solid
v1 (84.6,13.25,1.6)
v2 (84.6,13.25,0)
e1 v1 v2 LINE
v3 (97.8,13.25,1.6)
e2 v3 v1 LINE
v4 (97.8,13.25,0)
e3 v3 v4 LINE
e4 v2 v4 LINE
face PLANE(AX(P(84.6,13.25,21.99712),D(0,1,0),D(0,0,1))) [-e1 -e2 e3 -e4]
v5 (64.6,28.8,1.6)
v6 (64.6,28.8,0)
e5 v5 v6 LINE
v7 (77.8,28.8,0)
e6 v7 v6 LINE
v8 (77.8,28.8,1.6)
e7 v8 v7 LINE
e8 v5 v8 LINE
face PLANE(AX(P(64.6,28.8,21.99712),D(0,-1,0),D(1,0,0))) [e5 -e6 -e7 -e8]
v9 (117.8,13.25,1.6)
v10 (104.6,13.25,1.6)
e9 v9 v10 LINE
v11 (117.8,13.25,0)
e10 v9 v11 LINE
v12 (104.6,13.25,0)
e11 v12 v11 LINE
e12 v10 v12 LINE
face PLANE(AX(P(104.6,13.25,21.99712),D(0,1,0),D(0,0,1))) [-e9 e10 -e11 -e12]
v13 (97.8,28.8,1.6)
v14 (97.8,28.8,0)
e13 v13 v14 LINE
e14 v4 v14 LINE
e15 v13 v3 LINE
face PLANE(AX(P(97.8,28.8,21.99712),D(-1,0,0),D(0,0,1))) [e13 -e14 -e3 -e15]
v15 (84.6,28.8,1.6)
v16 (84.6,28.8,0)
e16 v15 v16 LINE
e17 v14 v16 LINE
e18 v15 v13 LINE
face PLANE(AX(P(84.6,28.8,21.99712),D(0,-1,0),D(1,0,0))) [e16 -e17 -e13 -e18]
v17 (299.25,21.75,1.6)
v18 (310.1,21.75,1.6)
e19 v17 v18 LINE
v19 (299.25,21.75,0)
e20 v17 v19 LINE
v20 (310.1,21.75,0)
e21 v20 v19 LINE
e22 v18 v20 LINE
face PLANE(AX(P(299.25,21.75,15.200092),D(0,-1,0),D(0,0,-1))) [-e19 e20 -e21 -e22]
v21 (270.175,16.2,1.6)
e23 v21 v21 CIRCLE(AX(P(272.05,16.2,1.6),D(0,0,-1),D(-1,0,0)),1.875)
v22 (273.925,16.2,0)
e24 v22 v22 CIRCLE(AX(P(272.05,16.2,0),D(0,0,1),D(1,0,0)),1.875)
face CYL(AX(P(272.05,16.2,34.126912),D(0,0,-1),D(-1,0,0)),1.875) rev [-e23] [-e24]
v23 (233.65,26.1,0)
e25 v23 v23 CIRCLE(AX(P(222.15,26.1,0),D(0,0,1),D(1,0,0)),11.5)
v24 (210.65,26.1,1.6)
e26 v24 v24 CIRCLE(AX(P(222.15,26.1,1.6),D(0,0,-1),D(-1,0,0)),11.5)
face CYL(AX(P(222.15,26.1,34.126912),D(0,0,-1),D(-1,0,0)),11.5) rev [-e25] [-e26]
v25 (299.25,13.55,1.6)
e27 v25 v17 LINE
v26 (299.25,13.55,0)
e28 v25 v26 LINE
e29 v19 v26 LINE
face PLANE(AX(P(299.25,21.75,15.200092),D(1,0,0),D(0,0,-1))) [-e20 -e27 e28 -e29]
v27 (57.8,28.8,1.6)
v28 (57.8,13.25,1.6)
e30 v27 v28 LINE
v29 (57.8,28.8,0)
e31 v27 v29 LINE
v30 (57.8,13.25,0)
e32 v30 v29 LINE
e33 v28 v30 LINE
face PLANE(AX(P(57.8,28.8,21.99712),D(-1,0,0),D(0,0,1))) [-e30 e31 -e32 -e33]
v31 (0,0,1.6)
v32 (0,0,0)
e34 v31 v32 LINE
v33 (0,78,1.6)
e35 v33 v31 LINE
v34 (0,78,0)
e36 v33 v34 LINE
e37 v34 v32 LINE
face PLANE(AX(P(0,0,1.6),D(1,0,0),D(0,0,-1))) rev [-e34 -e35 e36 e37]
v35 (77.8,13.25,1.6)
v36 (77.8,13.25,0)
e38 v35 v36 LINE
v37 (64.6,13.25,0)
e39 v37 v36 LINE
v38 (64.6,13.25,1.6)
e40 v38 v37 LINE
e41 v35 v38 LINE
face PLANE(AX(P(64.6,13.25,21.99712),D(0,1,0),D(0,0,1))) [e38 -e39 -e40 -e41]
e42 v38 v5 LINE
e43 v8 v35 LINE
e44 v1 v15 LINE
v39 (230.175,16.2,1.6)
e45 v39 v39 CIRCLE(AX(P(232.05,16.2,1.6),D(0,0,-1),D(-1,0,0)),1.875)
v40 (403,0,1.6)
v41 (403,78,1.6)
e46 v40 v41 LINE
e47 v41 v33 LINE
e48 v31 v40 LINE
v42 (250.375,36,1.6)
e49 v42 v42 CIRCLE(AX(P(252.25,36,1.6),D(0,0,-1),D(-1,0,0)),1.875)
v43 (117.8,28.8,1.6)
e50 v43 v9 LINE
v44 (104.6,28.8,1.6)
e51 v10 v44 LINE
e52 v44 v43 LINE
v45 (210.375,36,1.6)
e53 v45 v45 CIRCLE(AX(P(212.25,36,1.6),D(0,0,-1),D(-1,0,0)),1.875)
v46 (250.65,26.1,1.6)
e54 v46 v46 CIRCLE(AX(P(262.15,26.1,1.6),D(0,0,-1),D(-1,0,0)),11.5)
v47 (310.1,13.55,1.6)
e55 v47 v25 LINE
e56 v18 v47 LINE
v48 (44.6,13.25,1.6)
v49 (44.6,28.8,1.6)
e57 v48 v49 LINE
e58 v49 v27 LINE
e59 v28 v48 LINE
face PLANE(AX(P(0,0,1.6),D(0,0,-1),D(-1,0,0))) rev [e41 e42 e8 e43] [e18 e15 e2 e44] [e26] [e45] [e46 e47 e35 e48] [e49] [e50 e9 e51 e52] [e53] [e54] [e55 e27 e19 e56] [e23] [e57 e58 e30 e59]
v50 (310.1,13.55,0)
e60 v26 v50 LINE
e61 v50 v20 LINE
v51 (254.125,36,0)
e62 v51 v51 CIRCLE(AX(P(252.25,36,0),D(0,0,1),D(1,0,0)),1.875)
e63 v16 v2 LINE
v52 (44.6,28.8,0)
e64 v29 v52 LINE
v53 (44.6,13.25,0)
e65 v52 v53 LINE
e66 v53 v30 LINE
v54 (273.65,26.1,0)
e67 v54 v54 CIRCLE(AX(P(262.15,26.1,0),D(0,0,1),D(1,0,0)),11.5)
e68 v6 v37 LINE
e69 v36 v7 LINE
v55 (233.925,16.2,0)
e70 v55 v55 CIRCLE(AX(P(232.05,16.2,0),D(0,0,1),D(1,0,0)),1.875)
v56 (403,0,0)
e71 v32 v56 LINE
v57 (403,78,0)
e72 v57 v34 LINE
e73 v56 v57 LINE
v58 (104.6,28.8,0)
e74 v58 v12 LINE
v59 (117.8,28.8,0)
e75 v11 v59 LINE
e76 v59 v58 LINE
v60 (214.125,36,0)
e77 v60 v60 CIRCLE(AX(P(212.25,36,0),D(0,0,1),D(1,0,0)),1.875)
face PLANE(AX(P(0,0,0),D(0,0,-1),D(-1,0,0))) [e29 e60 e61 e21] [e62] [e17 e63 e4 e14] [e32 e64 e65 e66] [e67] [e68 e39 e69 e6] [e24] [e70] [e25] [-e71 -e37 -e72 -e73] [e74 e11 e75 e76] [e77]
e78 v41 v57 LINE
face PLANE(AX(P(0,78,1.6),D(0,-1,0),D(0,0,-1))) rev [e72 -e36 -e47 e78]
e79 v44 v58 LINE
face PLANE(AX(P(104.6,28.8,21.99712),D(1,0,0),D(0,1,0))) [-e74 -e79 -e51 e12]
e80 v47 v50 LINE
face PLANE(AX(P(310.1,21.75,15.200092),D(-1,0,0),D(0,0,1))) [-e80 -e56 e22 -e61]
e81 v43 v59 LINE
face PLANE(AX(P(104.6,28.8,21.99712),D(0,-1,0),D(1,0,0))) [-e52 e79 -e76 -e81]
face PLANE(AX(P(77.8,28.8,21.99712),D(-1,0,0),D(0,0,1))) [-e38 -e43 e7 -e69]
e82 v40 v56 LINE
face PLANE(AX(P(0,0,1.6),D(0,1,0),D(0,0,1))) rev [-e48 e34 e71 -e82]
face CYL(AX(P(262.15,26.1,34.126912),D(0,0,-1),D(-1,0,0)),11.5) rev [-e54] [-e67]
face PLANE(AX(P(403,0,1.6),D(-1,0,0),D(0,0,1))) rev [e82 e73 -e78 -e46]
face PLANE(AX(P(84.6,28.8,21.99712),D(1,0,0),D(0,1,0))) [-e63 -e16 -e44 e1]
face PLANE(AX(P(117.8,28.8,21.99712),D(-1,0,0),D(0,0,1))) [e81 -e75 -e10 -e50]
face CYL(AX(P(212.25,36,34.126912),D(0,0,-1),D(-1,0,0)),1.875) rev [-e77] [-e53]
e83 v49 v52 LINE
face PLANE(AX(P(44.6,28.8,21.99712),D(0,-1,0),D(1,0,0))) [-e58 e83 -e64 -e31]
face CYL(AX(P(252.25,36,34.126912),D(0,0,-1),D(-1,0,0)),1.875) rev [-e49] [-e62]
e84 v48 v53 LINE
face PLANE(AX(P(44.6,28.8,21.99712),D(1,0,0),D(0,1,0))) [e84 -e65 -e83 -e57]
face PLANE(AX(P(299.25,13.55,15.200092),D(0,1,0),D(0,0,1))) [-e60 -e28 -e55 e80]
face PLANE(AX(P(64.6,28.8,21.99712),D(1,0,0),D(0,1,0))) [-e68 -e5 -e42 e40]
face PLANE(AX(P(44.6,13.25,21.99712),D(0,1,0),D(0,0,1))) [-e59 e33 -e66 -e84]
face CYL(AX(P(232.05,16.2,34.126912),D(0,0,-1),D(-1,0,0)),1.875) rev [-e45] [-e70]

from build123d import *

# Parameters (mm, degrees)
PANEL_W             = 403
PANEL_H             = 78
BOSS_EXTRUDE1_DEPTH = 1.6
XLR4_R              = 11.5
XLR4_R_2            = 1.875
CUT_EXTRUDE2_DEPTH  = 1.6
RJ11_W              = 13.2
RJ11_H              = 15.55
CUT_EXTRUDE3_DEPTH  = 1.6
DC_PORT_W           = 10.85
DC_PORT_H           = 8.2
CUT_EXTRUDE4_DEPTH  = 1.6


with BuildPart() as part:
    # Panel → Boss-Extrude1 (new body)
    with BuildSketch(Plane.XY):
        with Locations((201.5, 39)):
            Rectangle(PANEL_W, PANEL_H)
    extrude(amount=BOSS_EXTRUDE1_DEPTH)

    # XLR4 → Cut-Extrude2 (cut)
    with BuildSketch(Plane.XY):
        with Locations(Location((222.15, 26.1, 0), (0, 0, 180))):
            Circle(XLR4_R)
        with Locations(Location((212.25, 36, 0), (0, 0, 180))):
            Circle(XLR4_R_2)
        with Locations(Location((232.05, 16.2, 0), (0, 0, 180))):
            Circle(XLR4_R_2)
        with Locations(Location((262.15, 26.1, 0), (0, 0, 180))):
            Circle(XLR4_R)
        with Locations(Location((252.25, 36, 0), (0, 0, 180))):
            Circle(XLR4_R_2)
        with Locations(Location((272.05, 16.2, 0), (0, 0, 180))):
            Circle(XLR4_R_2)
    extrude(amount=CUT_EXTRUDE2_DEPTH, mode=Mode.SUBTRACT)

    # RJ11 → Cut-Extrude3 (cut)
    with BuildSketch(Plane.XY):
        with Locations((71.2, 21.025)):
            Rectangle(RJ11_W, RJ11_H)
        with Locations((51.2, 21.025)):
            Rectangle(RJ11_W, RJ11_H)
        with Locations((91.2, 21.025)):
            Rectangle(RJ11_W, RJ11_H)
        with Locations((111.2, 21.025)):
            Rectangle(RJ11_W, RJ11_H)
    extrude(amount=CUT_EXTRUDE3_DEPTH, mode=Mode.SUBTRACT)

    # DC PORT → Cut-Extrude4 (cut)
    with BuildSketch(Plane.XY):
        with Locations((304.675, 17.65)):
            Rectangle(DC_PORT_W, DC_PORT_H)
    extrude(amount=CUT_EXTRUDE4_DEPTH, mode=Mode.SUBTRACT)


solid = part.part
